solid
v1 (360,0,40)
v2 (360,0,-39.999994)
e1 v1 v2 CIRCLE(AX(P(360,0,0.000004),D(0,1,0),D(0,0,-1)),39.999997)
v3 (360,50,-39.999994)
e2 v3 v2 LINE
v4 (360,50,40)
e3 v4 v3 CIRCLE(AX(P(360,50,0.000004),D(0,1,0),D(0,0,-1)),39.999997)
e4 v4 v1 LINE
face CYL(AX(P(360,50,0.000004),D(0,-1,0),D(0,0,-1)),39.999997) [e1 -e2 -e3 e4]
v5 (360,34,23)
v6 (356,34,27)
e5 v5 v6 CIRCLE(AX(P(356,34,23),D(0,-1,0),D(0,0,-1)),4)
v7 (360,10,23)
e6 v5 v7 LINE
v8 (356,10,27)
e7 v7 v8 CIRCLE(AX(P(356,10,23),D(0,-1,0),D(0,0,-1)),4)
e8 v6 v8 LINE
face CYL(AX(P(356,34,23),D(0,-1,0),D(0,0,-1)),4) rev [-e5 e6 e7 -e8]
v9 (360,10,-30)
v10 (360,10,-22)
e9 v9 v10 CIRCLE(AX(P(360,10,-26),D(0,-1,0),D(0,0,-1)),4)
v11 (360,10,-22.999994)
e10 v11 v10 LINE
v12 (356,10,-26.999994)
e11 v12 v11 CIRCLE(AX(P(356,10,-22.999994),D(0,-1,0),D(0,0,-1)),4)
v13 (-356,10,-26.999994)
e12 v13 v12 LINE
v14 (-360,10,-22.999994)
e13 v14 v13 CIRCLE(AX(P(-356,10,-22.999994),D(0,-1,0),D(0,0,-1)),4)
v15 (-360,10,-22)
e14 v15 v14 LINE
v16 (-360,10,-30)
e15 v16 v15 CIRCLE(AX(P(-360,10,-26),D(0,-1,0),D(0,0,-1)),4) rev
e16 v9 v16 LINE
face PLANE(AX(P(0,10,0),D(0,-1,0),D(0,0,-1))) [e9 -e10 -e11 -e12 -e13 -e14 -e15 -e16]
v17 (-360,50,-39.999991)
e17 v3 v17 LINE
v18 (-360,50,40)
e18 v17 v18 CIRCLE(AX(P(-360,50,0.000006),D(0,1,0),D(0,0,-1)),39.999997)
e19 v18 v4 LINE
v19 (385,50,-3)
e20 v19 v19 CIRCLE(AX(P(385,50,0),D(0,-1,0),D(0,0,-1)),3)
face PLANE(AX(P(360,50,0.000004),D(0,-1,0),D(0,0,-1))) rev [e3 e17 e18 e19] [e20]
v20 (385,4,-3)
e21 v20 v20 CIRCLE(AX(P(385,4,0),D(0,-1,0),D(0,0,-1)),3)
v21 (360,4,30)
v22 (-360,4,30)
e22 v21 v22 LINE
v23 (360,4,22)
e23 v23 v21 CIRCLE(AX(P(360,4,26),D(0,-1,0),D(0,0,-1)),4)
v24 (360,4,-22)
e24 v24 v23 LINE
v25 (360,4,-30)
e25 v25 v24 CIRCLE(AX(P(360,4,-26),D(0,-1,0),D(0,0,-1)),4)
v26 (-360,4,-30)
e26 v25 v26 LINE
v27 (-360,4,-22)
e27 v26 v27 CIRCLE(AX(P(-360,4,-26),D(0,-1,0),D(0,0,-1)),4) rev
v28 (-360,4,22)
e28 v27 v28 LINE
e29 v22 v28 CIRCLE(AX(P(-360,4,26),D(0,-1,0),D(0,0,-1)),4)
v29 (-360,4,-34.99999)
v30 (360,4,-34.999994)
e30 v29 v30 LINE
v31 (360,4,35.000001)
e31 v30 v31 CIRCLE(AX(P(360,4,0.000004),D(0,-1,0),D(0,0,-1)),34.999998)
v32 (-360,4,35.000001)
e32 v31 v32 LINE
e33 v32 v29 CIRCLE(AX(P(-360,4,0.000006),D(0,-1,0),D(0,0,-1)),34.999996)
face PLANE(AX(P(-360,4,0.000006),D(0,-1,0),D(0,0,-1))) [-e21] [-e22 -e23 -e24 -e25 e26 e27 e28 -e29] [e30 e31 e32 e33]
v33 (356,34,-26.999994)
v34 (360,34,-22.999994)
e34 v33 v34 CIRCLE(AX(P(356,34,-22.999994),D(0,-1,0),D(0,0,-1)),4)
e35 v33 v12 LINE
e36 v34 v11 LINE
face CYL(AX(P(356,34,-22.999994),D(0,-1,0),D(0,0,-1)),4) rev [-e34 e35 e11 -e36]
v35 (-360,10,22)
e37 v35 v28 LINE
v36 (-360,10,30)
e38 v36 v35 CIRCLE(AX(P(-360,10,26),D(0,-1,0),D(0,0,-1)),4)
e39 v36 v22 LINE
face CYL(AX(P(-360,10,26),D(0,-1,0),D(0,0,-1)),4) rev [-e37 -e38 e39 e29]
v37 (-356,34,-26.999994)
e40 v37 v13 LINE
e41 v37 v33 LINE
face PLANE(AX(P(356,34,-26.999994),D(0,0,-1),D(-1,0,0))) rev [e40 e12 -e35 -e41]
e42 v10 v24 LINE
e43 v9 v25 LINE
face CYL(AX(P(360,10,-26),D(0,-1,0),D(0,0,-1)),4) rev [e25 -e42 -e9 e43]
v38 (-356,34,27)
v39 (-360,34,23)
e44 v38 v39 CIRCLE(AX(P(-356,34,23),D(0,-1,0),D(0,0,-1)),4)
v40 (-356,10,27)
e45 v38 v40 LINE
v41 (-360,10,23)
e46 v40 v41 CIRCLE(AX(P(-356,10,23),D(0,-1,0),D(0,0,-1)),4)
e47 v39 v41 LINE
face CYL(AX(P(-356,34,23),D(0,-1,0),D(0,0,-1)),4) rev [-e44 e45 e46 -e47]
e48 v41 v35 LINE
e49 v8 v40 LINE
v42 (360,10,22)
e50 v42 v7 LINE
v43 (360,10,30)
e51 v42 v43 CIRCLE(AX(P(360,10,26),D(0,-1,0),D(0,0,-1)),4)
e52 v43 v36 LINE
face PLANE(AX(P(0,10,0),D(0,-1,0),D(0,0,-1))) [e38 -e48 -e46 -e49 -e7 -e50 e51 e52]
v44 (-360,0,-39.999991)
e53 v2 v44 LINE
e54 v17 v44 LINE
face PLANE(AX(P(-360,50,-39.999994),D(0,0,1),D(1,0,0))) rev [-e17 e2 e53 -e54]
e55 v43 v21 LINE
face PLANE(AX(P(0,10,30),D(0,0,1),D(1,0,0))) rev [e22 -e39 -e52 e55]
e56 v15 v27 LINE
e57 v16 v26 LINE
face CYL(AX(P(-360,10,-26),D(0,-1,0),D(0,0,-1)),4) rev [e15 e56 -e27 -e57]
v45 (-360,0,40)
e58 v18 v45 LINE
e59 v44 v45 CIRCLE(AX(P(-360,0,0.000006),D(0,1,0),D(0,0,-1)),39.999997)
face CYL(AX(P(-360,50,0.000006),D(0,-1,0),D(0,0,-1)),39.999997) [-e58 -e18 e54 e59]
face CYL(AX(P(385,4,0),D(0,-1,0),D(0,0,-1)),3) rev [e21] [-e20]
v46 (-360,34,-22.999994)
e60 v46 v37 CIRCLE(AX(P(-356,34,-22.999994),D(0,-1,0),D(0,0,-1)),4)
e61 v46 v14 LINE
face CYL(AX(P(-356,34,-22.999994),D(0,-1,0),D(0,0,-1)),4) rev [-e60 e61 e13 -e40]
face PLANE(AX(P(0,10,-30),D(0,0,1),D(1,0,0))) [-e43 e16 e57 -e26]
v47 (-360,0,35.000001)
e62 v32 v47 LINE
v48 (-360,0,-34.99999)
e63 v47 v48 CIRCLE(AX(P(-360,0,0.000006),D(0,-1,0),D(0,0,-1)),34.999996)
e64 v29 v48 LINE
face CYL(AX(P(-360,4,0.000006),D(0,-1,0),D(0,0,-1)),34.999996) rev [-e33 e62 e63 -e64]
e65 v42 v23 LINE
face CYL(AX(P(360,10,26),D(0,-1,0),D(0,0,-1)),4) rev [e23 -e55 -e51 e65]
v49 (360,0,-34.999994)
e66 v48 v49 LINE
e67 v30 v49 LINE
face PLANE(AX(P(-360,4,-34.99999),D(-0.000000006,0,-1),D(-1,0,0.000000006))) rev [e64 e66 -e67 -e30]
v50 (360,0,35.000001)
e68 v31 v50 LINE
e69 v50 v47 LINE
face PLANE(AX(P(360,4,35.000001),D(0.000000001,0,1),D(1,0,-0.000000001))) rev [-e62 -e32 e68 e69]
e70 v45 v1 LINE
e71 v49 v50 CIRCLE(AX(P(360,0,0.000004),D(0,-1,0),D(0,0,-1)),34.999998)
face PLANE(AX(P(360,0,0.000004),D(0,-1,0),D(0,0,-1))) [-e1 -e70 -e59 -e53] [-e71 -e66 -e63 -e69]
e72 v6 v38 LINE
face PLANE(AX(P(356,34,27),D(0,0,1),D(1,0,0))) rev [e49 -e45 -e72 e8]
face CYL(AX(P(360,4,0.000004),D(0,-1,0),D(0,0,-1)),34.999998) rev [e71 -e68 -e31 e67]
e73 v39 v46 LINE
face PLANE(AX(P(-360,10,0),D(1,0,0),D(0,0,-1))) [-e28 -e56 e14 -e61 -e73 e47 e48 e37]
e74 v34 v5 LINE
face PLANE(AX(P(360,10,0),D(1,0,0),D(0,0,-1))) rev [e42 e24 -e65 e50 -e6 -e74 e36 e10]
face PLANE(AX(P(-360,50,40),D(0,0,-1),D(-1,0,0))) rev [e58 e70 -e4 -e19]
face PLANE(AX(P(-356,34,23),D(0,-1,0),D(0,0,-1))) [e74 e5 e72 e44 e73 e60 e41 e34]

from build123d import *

# Parameters (mm, degrees)
BOSS_EXTRUDE1_DEPTH = 50
CUT_EXTRUDE2_DEPTH  = 4
CUT_EXTRUDE14_DEPTH = 6
CUT_EXTRUDE16_DEPTH = 30
HOLE1_D             = 6


with BuildPart() as part:
    # Sketch1 → Boss-Extrude1 (new body)
    with BuildSketch(Plane(origin=(0, 0, 0), x_dir=(1, 0, 0), z_dir=(0, 1, 0))):
        with BuildLine():
            Line((-360, 39.99999406), (360, 39.99999406))
            ThreePointArc((360, 39.99999406), (399.999998105, -4.045e-06), (360, -40))
            Line((360, -40), (-360, -40))
            ThreePointArc((-360, -40), (-399.99999406, -5.94e-06), (-360, 39.99999406))
        make_face()
    extrude(amount=BOSS_EXTRUDE1_DEPTH)

    # Sketch4 → Cut-Extrude2 (cut)
    with BuildSketch(Plane.XZ):
        with BuildLine():
            Line((360, 35.000001075), (-360, 35.000001485))
            ThreePointArc((-360, 35.000001485), (-394.999995545, 5.94e-06), (-360, -34.999989605))
            Line((-360, -34.999989605), (360.000000021, -34.99999406))
            ThreePointArc((360.000000021, -34.99999406), (394.999998105, 4.055e-06), (360, 35.000001075))
        make_face()
    extrude(amount=-CUT_EXTRUDE2_DEPTH, mode=Mode.SUBTRACT)

    # Sketch15 → Cut-Extrude14 (cut)
    with BuildSketch(Plane.XZ.offset(-4)):
        with BuildLine():
            Line((360, -30), (-360, -30))
            ThreePointArc((-360, -30), (-364, -26), (-360, -22))
            Line((-360, -22), (-360, 22))
            ThreePointArc((-360, 22), (-364, 26), (-360, 30))
            Line((-360, 30), (360, 30))
            ThreePointArc((360, 30), (364, 26), (360, 22))
            Line((360, 22), (360, -22))
            ThreePointArc((360, -22), (364, -26), (360, -30))
        make_face()
    extrude(amount=-CUT_EXTRUDE14_DEPTH, mode=Mode.SUBTRACT)

    # Sketch2 → Cut-Extrude16 (cut)
    with BuildSketch(Plane.XZ.offset(-4)):
        with BuildLine():
            Line((356, -26.99999406), (-356, -26.99999406))
            ThreePointArc((-356, -26.99999406), (-358.828427125, -25.828421185), (-360, -22.99999406))
            Line((-360, -22.99999406), (-360, 23))
            ThreePointArc((-360, 23), (-358.828427125, 25.828427125), (-356, 27))
            Line((-356, 27), (356, 27))
            ThreePointArc((356, 27), (358.828427125, 25.828427125), (360, 23))
            Line((360, 23), (360, -22.99999406))
            ThreePointArc((360, -22.99999406), (358.828427125, -25.828421185), (356, -26.99999406))
        make_face()
    extrude(amount=-CUT_EXTRUDE16_DEPTH, mode=Mode.SUBTRACT)

    # Hole1 (through all)
    with Locations(Plane(origin=(0, 4, 0), x_dir=(-1, 0, 0), z_dir=(0, -1, 0))):
        with Locations((-385, 0)):
            Hole(HOLE1_D / 2)


solid = part.part
